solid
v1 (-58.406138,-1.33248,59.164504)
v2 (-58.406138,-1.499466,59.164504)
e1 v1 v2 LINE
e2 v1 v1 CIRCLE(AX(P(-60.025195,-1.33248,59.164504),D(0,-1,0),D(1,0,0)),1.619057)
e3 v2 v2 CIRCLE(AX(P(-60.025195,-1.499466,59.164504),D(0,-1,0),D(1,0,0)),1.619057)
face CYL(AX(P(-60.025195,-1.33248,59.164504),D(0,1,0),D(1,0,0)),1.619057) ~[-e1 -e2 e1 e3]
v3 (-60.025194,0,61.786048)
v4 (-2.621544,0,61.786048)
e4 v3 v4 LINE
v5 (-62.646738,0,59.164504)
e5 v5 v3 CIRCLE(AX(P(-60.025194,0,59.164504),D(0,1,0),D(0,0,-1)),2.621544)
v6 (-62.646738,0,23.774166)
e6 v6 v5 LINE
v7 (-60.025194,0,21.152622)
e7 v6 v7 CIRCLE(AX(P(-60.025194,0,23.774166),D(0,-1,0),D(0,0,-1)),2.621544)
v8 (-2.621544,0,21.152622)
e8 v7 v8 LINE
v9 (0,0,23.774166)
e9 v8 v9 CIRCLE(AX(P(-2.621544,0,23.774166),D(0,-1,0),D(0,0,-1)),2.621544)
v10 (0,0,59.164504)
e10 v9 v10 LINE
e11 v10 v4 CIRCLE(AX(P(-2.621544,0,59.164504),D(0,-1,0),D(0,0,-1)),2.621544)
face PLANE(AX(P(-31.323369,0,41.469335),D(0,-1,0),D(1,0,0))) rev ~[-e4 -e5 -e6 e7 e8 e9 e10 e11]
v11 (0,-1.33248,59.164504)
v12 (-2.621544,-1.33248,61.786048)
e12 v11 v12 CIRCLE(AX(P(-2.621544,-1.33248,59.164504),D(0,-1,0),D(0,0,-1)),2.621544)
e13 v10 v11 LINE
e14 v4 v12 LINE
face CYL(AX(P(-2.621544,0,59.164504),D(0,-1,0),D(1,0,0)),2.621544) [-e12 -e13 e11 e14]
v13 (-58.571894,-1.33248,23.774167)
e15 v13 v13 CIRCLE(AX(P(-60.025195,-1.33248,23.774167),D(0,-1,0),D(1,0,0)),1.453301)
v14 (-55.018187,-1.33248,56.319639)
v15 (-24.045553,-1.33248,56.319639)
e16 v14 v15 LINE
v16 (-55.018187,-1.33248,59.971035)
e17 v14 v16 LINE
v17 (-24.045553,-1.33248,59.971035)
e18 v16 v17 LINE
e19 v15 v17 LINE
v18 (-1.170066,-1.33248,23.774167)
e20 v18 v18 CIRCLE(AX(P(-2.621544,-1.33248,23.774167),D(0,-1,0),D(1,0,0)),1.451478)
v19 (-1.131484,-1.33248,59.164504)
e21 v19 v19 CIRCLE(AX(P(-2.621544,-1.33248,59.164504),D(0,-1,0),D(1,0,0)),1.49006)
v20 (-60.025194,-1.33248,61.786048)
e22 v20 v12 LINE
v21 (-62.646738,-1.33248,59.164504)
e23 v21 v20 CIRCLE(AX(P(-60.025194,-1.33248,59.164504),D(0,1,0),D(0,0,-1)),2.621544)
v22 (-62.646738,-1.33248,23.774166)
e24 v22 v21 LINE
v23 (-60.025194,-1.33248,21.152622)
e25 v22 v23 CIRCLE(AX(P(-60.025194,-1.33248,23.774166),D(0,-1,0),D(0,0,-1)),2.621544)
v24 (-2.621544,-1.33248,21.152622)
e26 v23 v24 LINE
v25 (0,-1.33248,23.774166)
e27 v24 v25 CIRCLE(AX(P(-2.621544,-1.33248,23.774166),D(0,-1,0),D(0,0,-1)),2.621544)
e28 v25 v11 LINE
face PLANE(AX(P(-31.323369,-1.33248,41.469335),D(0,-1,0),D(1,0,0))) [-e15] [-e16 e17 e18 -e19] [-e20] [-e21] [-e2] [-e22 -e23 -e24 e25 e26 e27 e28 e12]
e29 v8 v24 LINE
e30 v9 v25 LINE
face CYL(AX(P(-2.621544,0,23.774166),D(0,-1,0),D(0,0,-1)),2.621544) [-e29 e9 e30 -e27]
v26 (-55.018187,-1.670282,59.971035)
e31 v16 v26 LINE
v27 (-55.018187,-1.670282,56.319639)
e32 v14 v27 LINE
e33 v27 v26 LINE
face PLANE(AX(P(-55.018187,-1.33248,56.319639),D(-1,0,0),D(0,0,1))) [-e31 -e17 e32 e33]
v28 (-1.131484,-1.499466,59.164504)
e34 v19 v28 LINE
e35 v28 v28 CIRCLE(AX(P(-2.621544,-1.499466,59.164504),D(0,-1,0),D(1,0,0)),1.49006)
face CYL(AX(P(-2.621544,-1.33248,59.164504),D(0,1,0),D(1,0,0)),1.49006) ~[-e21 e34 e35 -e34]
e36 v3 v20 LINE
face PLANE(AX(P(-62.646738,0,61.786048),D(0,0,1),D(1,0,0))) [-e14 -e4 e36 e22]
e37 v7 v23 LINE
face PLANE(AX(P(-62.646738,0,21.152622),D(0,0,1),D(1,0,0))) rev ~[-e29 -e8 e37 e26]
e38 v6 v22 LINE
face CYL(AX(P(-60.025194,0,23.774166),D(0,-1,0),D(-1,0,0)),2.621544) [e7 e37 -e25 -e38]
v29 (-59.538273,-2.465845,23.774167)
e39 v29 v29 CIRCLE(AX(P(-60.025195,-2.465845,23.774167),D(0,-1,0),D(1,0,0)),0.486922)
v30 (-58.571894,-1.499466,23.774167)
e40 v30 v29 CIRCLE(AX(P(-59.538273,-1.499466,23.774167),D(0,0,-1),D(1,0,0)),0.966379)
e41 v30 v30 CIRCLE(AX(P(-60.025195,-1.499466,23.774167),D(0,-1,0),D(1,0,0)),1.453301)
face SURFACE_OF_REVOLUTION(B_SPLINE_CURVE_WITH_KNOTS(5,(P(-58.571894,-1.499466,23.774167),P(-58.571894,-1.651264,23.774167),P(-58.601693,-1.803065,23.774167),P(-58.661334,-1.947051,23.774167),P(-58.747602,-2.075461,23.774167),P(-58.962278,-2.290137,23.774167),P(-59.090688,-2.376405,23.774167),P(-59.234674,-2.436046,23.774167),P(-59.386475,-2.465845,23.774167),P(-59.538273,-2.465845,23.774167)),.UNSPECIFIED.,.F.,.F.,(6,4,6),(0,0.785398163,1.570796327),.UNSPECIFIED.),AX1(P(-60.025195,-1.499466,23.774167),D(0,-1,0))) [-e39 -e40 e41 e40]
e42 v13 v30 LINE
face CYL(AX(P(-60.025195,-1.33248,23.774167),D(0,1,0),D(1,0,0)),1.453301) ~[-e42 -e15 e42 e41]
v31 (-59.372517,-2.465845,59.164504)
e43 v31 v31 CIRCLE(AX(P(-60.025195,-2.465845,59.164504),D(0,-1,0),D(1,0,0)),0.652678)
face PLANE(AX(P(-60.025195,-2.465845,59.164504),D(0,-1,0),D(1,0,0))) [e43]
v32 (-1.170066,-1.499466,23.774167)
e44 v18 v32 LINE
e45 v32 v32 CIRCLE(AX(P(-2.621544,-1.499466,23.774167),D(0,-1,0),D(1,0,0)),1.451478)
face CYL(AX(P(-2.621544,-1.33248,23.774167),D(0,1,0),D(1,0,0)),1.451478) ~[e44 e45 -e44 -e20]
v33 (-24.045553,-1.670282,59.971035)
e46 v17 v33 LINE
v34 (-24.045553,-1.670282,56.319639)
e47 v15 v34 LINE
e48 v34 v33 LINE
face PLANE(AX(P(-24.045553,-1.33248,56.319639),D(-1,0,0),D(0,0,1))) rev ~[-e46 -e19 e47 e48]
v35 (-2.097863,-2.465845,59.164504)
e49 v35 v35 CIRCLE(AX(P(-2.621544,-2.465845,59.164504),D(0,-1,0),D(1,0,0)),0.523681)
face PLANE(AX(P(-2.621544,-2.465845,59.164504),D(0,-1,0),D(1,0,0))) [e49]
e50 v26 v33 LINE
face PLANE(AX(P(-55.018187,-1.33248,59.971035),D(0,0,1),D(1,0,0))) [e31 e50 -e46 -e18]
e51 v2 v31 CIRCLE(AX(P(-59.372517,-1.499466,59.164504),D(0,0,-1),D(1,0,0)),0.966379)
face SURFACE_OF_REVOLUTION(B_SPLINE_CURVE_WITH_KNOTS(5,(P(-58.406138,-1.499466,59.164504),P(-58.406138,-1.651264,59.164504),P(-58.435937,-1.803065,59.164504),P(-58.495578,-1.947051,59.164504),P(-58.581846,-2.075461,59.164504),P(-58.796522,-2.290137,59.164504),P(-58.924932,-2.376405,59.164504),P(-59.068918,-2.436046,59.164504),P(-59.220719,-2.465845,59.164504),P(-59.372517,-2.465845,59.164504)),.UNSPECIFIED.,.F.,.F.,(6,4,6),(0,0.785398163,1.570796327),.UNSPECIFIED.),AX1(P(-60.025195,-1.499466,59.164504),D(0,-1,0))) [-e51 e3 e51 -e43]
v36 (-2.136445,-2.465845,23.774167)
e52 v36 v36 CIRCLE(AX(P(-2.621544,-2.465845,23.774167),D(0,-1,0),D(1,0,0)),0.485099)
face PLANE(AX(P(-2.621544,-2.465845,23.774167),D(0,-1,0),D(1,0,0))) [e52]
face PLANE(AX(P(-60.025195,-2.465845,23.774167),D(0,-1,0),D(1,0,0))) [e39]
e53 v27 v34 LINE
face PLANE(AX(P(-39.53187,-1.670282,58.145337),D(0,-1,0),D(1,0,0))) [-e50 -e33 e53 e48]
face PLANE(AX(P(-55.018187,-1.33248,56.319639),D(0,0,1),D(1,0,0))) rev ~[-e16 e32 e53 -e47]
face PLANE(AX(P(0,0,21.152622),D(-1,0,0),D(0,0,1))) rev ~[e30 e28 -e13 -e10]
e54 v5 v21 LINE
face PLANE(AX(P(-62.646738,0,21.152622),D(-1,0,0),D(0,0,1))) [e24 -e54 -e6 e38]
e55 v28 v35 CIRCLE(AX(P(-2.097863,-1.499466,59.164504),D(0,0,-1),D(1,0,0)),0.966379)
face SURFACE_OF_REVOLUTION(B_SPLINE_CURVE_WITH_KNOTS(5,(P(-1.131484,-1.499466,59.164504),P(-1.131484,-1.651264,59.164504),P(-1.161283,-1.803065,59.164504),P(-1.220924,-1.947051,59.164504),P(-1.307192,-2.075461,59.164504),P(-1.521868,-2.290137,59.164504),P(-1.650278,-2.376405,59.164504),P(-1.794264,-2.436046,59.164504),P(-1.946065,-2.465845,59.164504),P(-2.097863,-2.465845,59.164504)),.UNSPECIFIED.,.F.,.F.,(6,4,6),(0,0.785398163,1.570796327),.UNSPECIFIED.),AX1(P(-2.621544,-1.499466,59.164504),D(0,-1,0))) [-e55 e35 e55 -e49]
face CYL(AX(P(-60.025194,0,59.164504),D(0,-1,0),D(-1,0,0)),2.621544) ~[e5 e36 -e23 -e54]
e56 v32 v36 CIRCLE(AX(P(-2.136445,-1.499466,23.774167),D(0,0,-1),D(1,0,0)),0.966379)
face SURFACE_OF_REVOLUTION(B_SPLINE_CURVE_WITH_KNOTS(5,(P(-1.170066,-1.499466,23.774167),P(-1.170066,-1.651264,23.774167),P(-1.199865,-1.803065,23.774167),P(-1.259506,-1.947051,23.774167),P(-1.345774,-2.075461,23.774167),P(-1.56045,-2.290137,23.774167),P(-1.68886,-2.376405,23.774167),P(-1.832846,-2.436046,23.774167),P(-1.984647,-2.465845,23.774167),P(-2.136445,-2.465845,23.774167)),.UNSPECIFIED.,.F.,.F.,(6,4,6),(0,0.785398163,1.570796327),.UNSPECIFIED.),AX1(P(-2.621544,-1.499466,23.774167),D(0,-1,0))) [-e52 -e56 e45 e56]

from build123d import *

# Parameters (mm, degrees)
F0_W     = 62.646739
F0_H     = 40.633425
F6_DEPTH = 1.33248
F1_R     = 2.621544
F2_R     = 1.49006
F2_R_2   = 1.453301
F2_R_3   = 1.619057
F2_R_4   = 1.451478
F3_DEPTH = 1.133365
F4_R     = 0.966379
F5_W     = 30.972634
F5_H     = 3.651396
F7_DEPTH = 0.337802


with BuildPart() as f6:
    # F0 (on Front) → F6 (new body)
    with BuildSketch(Plane.XZ):
        with Locations((-31.323369, 41.469335)):
            Rectangle(F0_W, F0_H)
    extrude(amount=F6_DEPTH)

    # F1
    f1_edges = [f6.edges().sort_by_distance(p)[0] for p in [
        (-62.646739, -0.66624, 21.152623),
        (-62.646739, -0.66624, 61.786048),
        (0, -0.66624, 61.786048),
        (0, -0.66624, 21.152623),
    ]]
    fillet(f1_edges, radius=F1_R)

    # F2 (on face) → F3 (join)
    with BuildSketch(Plane.XZ.offset(1.33248)):
        with Locations((-2.621544, 59.164504)):
            Circle(F2_R)
        with Locations((-60.025195, 23.774167)):
            Circle(F2_R_2)
        with Locations((-60.025195, 59.164504)):
            Circle(F2_R_3)
        with Locations((-2.621544, 23.774167)):
            Circle(F2_R_4)
    extrude(amount=F3_DEPTH)

    # F4
    f4_edges = [f6.edges().sort_by_distance(p)[0] for p in [
        (-4.073022, -2.465844, 23.774167),
        (-4.111604, -2.465844, 59.164504),
        (-61.478496, -2.465844, 23.774167),
        (-61.644252, -2.465844, 59.164504),
    ]]
    fillet(f4_edges, radius=F4_R)

    # F5 (on face) → F7 (join)
    with BuildSketch(Plane.XZ.offset(1.33248)):
        with Locations((-39.53187, 58.145337)):
            Rectangle(F5_W, F5_H)
    extrude(amount=F7_DEPTH)


solid = f6.part
